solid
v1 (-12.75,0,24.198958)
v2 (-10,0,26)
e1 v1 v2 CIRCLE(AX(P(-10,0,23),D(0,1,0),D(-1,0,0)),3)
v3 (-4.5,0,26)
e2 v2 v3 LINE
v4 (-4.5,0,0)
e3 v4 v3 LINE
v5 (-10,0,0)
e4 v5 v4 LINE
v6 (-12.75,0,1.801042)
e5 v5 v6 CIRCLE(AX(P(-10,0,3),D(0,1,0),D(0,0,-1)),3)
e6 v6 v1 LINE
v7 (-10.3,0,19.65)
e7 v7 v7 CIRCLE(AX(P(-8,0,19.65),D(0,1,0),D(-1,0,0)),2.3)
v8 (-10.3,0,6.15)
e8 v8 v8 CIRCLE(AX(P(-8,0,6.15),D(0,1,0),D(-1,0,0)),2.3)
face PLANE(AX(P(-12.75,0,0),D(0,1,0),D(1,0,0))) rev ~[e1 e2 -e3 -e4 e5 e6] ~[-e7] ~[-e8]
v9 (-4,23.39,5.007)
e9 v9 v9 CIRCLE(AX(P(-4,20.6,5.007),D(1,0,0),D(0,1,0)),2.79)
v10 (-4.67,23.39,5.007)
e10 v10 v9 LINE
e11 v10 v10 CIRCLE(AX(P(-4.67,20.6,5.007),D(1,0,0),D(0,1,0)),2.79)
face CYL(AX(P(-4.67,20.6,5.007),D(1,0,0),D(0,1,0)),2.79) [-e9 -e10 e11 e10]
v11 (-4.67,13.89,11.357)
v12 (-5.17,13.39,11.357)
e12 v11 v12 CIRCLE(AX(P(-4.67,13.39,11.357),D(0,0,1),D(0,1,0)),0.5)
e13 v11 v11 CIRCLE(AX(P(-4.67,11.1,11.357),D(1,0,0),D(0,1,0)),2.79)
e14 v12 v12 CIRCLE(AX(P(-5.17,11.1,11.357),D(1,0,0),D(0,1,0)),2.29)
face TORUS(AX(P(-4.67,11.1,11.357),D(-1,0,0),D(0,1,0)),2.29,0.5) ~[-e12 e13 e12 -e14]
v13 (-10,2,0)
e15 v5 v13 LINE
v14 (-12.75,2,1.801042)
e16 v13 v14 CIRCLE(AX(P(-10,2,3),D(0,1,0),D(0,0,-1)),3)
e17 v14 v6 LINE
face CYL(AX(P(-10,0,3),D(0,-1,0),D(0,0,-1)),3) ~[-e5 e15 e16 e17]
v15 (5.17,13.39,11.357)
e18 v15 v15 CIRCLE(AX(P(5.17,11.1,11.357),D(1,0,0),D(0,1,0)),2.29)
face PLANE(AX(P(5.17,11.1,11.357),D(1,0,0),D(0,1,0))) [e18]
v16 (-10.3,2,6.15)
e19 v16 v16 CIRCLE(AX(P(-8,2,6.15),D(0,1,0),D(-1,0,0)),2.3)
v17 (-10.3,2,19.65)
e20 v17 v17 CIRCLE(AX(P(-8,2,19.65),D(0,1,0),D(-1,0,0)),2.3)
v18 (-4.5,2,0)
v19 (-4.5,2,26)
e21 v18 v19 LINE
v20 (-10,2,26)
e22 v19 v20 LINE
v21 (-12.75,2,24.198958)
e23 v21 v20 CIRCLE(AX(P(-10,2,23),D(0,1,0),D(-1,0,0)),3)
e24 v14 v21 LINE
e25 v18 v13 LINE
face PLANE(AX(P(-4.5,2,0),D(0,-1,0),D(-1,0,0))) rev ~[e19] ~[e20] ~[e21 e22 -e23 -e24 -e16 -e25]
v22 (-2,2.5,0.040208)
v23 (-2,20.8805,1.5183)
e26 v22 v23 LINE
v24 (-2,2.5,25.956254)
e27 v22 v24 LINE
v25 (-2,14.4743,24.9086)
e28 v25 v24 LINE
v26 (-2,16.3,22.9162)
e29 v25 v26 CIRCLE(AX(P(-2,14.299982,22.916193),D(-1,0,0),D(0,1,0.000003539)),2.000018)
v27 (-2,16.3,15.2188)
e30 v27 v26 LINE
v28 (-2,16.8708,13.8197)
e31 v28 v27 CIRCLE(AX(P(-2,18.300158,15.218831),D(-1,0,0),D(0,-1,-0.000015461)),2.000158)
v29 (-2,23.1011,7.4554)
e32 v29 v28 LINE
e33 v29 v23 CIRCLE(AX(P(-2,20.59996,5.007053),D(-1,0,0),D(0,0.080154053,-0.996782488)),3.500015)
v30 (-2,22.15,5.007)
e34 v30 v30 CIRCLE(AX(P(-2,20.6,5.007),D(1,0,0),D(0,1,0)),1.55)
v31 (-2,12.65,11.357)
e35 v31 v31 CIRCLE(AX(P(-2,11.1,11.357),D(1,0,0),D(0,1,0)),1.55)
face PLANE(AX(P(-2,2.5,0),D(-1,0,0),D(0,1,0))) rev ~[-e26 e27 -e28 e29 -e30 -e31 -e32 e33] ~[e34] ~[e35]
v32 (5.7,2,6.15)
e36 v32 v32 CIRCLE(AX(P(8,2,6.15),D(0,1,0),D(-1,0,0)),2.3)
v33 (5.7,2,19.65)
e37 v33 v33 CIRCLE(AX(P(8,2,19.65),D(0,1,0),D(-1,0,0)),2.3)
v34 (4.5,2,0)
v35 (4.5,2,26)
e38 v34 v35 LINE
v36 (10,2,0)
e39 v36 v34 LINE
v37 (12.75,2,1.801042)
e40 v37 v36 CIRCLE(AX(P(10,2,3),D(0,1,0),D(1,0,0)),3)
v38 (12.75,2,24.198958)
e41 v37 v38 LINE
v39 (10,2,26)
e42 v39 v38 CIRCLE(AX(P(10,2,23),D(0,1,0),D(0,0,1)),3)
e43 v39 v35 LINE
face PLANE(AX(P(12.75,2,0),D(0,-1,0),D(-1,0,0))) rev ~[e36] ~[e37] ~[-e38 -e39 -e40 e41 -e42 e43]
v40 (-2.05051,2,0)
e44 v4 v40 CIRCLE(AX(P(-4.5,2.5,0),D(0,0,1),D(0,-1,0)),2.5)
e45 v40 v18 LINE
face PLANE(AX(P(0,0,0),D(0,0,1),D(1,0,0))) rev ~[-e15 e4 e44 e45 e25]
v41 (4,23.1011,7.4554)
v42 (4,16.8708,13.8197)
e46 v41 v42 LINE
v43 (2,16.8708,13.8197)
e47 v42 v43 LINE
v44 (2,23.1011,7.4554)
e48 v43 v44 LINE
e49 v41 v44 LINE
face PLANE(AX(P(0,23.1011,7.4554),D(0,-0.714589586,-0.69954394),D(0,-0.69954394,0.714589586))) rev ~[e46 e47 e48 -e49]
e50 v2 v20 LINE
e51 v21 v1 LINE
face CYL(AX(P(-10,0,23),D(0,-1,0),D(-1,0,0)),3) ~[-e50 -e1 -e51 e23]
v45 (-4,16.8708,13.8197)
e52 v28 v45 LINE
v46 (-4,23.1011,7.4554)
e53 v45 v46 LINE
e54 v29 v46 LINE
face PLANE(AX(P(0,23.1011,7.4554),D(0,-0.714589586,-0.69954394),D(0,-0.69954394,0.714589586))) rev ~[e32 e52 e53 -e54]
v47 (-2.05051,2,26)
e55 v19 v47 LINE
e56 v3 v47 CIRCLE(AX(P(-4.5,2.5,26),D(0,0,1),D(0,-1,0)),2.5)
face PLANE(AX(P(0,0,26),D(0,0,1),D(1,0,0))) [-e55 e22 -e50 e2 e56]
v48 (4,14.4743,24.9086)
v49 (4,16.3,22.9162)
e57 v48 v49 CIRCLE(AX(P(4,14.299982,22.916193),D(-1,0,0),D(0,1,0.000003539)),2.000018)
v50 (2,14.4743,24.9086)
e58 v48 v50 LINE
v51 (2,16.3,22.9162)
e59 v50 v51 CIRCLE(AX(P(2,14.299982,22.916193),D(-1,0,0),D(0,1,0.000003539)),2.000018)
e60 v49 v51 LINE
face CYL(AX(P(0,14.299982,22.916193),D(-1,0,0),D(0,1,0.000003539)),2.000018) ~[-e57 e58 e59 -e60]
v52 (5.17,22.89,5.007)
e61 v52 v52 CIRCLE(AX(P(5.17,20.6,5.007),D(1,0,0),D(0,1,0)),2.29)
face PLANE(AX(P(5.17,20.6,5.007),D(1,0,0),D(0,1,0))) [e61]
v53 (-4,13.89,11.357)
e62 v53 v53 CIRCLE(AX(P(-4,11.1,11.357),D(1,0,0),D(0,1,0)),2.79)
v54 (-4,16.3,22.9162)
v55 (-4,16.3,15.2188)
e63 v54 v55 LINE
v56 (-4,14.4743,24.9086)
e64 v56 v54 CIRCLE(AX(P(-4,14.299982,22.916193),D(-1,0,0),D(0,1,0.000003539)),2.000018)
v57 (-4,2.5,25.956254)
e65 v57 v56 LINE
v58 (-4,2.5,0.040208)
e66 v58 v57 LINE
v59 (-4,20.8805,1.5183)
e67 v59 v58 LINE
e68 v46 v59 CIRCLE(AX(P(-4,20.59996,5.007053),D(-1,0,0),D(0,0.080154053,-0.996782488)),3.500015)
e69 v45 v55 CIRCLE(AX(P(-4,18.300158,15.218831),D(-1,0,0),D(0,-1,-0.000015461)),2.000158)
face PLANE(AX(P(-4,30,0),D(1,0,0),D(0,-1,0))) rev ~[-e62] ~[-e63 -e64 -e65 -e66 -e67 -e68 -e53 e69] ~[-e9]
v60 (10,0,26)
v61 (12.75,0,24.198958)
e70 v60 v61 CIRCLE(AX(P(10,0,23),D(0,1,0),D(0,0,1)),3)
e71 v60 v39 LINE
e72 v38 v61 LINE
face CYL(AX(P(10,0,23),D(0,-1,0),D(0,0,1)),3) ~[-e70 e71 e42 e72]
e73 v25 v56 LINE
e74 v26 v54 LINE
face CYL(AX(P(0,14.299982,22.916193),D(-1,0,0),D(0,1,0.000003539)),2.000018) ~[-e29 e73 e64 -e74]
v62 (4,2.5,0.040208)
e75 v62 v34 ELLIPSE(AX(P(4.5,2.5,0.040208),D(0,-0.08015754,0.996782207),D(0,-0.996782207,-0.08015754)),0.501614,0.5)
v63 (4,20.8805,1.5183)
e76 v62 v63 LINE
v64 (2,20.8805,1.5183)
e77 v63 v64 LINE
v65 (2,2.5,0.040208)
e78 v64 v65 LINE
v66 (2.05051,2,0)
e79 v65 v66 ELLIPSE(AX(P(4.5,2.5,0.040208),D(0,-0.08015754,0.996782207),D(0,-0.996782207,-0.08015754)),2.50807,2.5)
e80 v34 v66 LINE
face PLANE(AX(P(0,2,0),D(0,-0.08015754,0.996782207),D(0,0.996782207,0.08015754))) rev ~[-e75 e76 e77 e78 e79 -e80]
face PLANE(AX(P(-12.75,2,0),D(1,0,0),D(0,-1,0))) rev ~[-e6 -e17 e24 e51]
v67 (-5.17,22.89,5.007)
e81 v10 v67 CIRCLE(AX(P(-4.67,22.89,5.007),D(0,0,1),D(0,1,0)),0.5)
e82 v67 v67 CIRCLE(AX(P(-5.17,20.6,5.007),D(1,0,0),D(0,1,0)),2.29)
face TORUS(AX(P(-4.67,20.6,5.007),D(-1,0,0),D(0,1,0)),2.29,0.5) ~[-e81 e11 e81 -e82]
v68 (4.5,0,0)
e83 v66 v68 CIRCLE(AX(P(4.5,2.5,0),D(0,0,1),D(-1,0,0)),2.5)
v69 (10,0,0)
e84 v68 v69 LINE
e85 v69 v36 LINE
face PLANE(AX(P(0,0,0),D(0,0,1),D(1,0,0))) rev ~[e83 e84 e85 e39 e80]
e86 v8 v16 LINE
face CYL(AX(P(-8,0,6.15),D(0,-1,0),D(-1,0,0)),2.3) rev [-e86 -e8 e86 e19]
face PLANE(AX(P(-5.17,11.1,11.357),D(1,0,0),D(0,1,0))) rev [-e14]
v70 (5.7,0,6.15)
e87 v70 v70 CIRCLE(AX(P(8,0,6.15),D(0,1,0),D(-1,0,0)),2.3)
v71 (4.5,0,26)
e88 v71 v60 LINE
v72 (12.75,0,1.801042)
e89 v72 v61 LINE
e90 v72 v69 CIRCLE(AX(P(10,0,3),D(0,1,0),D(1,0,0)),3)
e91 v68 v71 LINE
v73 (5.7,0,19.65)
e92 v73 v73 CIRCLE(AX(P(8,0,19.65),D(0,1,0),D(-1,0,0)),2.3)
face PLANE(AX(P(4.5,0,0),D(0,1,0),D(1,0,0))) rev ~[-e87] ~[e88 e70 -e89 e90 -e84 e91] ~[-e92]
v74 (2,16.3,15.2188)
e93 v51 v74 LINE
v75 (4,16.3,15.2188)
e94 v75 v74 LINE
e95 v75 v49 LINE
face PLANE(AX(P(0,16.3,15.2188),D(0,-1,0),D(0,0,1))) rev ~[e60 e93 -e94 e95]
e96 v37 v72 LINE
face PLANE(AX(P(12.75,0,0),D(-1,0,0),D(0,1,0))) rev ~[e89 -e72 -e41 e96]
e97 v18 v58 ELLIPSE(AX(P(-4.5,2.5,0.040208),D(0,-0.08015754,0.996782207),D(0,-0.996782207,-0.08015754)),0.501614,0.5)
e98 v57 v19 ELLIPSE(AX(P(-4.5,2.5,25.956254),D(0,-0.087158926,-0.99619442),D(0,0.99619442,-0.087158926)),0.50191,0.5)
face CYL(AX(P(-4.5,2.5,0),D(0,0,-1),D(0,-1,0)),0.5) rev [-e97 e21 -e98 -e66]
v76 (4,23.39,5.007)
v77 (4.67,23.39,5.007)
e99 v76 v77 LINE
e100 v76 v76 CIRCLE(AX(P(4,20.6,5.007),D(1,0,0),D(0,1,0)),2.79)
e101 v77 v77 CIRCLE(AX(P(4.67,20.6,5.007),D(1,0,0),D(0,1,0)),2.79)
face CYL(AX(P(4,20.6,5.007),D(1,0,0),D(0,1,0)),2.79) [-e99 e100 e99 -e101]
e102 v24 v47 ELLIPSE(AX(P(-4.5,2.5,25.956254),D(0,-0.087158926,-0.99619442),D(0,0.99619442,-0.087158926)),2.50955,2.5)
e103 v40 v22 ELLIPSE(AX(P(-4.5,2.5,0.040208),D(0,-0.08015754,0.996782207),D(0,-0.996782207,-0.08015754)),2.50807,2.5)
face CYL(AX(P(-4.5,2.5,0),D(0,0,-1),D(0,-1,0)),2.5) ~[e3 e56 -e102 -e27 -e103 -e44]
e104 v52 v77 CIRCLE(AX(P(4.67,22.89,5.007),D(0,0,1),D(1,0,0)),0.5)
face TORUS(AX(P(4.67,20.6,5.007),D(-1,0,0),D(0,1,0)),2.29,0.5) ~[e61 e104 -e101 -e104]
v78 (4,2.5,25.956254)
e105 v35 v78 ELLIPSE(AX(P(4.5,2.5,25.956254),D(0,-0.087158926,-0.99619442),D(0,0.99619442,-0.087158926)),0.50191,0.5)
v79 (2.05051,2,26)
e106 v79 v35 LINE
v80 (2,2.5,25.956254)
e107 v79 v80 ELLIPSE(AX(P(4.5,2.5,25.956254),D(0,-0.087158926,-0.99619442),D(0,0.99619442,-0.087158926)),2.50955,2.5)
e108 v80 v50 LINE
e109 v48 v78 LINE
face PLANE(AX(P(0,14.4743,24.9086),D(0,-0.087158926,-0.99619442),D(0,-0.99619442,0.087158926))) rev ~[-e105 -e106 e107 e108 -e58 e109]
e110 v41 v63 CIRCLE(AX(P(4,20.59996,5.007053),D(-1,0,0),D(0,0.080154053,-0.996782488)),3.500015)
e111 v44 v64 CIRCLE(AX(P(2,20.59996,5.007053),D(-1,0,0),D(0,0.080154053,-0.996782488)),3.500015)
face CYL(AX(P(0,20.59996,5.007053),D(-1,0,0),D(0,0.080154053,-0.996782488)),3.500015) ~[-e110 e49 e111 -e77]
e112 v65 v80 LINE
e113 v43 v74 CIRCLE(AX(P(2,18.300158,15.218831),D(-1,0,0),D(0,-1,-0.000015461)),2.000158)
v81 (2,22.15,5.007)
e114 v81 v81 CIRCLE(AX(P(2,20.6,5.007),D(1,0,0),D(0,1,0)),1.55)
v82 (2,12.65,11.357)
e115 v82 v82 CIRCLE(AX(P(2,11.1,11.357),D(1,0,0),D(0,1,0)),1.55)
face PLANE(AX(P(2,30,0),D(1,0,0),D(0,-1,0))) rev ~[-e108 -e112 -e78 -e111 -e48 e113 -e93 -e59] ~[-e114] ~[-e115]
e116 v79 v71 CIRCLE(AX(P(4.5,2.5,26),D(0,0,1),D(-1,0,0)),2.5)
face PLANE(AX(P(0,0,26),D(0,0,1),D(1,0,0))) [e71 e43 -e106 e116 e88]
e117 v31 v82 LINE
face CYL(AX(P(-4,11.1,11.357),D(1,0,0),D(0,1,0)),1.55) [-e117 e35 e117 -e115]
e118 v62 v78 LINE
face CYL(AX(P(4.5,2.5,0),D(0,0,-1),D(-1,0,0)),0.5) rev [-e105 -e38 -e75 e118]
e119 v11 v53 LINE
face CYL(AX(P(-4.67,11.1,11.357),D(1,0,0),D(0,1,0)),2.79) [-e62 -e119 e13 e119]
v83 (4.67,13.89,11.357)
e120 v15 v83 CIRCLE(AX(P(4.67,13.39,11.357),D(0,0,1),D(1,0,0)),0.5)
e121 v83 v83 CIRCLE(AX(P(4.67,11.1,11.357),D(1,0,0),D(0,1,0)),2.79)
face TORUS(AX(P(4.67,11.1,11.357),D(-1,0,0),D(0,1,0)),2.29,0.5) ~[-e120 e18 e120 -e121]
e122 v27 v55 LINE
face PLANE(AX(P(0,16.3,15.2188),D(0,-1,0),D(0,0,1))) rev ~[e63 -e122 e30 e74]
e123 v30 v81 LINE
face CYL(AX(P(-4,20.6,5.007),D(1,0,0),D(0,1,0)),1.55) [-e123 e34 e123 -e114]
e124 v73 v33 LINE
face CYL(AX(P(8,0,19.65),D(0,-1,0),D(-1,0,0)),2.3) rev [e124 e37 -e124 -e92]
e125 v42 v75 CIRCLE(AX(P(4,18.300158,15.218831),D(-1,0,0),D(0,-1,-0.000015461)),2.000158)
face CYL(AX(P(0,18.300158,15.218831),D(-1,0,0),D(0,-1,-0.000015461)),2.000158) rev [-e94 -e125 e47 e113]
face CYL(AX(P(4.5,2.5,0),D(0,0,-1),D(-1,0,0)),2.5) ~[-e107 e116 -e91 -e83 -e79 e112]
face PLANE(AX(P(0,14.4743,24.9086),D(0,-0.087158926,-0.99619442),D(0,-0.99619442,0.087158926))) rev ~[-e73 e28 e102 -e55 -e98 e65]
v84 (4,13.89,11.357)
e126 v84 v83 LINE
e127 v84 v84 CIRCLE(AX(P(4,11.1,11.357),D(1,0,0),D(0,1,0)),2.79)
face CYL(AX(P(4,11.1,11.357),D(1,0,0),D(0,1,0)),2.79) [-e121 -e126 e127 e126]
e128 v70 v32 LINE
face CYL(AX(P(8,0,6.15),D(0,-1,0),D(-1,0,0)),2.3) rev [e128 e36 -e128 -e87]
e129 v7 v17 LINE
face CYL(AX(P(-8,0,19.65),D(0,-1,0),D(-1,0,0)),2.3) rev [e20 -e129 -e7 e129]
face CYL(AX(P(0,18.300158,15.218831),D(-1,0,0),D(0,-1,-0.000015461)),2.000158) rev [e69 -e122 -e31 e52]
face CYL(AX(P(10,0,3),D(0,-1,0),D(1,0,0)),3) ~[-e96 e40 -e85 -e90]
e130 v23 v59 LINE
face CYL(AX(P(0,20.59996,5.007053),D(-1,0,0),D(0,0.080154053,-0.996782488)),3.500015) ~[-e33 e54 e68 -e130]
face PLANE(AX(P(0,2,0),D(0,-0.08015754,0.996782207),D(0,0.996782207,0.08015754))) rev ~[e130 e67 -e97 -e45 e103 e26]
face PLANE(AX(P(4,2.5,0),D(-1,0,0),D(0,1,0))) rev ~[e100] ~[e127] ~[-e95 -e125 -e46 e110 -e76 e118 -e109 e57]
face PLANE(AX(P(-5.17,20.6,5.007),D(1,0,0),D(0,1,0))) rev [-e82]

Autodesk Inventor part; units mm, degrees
sketch "Skizze_1" plane through (0, 0, 0) normal (0, 0, 1) x (1, 0, 0)
  arc A0 (2, 2.5) -> (4.5, 0) centre (4.5, 2.5) ccw
  line L0 (4.5, 0) -> (12.75, 0)
  line L1 (12.75, 0) -> (12.75, 2)
  line L2 (12.75, 2) -> (4.5, 2)
  arc A1 (4, 2.5) -> (4.5, 2) centre (4.5, 2.5) ccw
  line L3 (4, 2.5) -> (4, 30)
  line L4 (4, 30) -> (2, 30)
  line L5 (2, 30) -> (2, 2.5)
extrude "Extrusion1" add sketch "Skizze_1" along normal blind 26
sketch "Skizze_2" plane through (0, 0, 5.007) normal (0, 0, 1) x (1, 0, 0)
  line L0 (5.17, 20.6) -> (0, 20.6)
  line L1 (-5.17, 20.6) -> (-5.17, 22.89)
  arc A0 (-4.67, 23.39) -> (-5.17, 22.89) centre (-4.67, 22.89) ccw
  line L2 (-4.67, 23.39) -> (-4, 23.39)
  line L3 (-4, 23.39) -> (-4, 22.15)
  line L4 (-4, 22.15) -> (4, 22.15)
  line L5 (4, 22.15) -> (4, 23.39)
  line L6 (4, 23.39) -> (4.67, 23.39)
  arc A1 (5.17, 22.89) -> (4.67, 23.39) centre (4.67, 22.89) ccw
  line L7 (5.17, 22.89) -> (5.17, 20.6)
  line L8 (5.17, 20.6) -> (-5.17, 20.6)
revolve "Revolution1" add sketch "Skizze_2" angle 360 about axis through (5.17, 20.6, 5.007) along (1, 0, 0)
sketch "Skizze_3" plane through (0, 0, 11.357) normal (0, 0, 1) x (1, 0, 0)
  line L0 (5.17, 11.1) -> (0, 11.1)
  line L1 (-5.17, 11.1) -> (-5.17, 13.39)
  arc A0 (-4.67, 13.89) -> (-5.17, 13.39) centre (-4.67, 13.39) ccw
  line L2 (-4.67, 13.89) -> (-4, 13.89)
  line L3 (-4, 13.89) -> (-4, 12.65)
  line L4 (-4, 12.65) -> (4, 12.65)
  line L5 (4, 12.65) -> (4, 13.89)
  line L6 (4, 13.89) -> (4.67, 13.89)
  arc A1 (5.17, 13.39) -> (4.67, 13.89) centre (4.67, 13.39) ccw
  line L7 (5.17, 13.39) -> (5.17, 11.1)
  line L8 (5.17, 11.1) -> (-5.17, 11.1)
revolve "Revolution2" add sketch "Skizze_3" angle 360 about axis through (5.17, 11.1, 11.357) along (1, 0, 0)
sketch "Skizze_5" plane through (0, 0, 0) normal (0, 0, 1) x (1, 0, 0)
  line L0 (-12.75, 2) -> (-12.75, 0)
  line L1 (-12.75, 0) -> (-4.5, 0)
  arc A0 (-4.5, 0) -> (-2, 2.5) centre (-4.5, 2.5) ccw
  line L2 (-2, 2.5) -> (-2, 30)
  line L3 (-2, 30) -> (-4, 30)
  line L4 (-4, 30) -> (-4, 2.5)
  arc A1 (-4.5, 2) -> (-4, 2.5) centre (-4.5, 2.5) ccw
  line L5 (-4.5, 2) -> (-12.75, 2)
extrude "Extrusion2" add sketch "Skizze_5" along normal blind 26
sketch "Skizze_6" plane through (0, 0, 0) normal (1, 0, 0) x (0, 1, 0)
  line L0 (-41, 77) -> (-41, -76)
  line L1 (-41, -76) -> (70, -76)
  line L2 (70, -76) -> (70, 77)
  line L3 (70, 77) -> (-41, 77)
  line L4 (2, 26) -> (0, 26)
  line L5 (0, 26) -> (0, 0)
  line L6 (0, 0) -> (2, 0)
  line L7 (2, 0) -> (20.8805, 1.5183)
  arc A0 (20.8805, 1.5183) -> (23.1011, 7.4554) centre (20.6, 5.007) ccw
  line L8 (23.1011, 7.4554) -> (16.8708, 13.8197)
  arc A1 (16.3, 15.2188) -> (16.8708, 13.8197) centre (18.3, 15.2188) ccw
  line L9 (16.3, 15.2188) -> (16.3, 22.9162)
  arc A2 (16.3, 22.9162) -> (14.4743, 24.9086) centre (14.3, 22.9162) ccw
  line L10 (14.4743, 24.9086) -> (2, 26)
extrude "Extrusion3" cut sketch "Skizze_6" along normal mid plane 100
sketch "Skizze_7" plane through (0, 0, 0) normal (0, 1, 0) x (-1, 0, 0)
  line L0 (50, 50) -> (-61, 50)
  line L1 (-61, 50) -> (-61, -33)
  line L2 (-61, -33) -> (50, -33)
  line L3 (50, -33) -> (50, 50)
  arc A0 (13, 23) -> (10, 26) centre (10, 23) ccw
  line L4 (10, 26) -> (-10, 26)
  arc A1 (-10, 26) -> (-13, 23) centre (-10, 23) ccw
  line L5 (-13, 23) -> (-13, 3)
  arc A2 (-13, 3) -> (-10, 0) centre (-10, 3) ccw
  line L6 (-10, 0) -> (10, 0)
  arc A3 (10, 0) -> (13, 3) centre (10, 3) ccw
  line L7 (13, 3) -> (13, 23)
extrude "Extrusion4" cut sketch "Skizze_7" along normal blind 2
sketch "Skizze_8_ALT_Drilling_1" plane through (0, 0, 0) normal (0, 1, 0) x (-1, 0, 0)
  circle A0 centre (-8, 6.15) radius 2.3
extrude "Extrusion5" cut sketch "Skizze_8_ALT_Drilling_1" along normal blind 2
sketch "Skizze_9_ALT_Drilling_2" plane through (0, 0, 0) normal (0, 1, 0) x (-1, 0, 0)
  circle A0 centre (-8, 19.65) radius 2.3
extrude "Extrusion6" cut sketch "Skizze_9_ALT_Drilling_2" along normal blind 2
sketch "Skizze_10_ALT_Drilling_3" plane through (0, 0, 0) normal (0, 1, 0) x (-1, 0, 0)
  circle A0 centre (8, 6.15) radius 2.3
extrude "Extrusion7" cut sketch "Skizze_10_ALT_Drilling_3" along normal blind 2
sketch "Skizze_11_ALT_Drilling_4" plane through (0, 0, 0) normal (0, 1, 0) x (-1, 0, 0)
  circle A0 centre (8, 19.65) radius 2.3
extrude "Extrusion8" cut sketch "Skizze_11_ALT_Drilling_4" along normal blind 2
ref_plane "WF1_XY" through (0, 20.6, 5.007) normal (1, 0, 0) x (0, 0, -1)
ref_plane "WF1_YZ" through (0, 20.6, 5.007) normal (0, 0, -1) x (0, 1, 0)
ref_plane "WF1_ZX" through (0, 20.6, 5.007) normal (0, 1, 0) x (1, 0, 0)
ref_plane "WF2_XY" through (0, 11.1, 11.357) normal (1, 0, 0) x (0, 0, -1)
ref_plane "WF2_YZ" through (0, 11.1, 11.357) normal (0, 0, -1) x (0, 1, 0)
ref_plane "WF2_ZX" through (0, 11.1, 11.357) normal (0, 1, 0) x (1, 0, 0)
properties part number "305-U-W"
